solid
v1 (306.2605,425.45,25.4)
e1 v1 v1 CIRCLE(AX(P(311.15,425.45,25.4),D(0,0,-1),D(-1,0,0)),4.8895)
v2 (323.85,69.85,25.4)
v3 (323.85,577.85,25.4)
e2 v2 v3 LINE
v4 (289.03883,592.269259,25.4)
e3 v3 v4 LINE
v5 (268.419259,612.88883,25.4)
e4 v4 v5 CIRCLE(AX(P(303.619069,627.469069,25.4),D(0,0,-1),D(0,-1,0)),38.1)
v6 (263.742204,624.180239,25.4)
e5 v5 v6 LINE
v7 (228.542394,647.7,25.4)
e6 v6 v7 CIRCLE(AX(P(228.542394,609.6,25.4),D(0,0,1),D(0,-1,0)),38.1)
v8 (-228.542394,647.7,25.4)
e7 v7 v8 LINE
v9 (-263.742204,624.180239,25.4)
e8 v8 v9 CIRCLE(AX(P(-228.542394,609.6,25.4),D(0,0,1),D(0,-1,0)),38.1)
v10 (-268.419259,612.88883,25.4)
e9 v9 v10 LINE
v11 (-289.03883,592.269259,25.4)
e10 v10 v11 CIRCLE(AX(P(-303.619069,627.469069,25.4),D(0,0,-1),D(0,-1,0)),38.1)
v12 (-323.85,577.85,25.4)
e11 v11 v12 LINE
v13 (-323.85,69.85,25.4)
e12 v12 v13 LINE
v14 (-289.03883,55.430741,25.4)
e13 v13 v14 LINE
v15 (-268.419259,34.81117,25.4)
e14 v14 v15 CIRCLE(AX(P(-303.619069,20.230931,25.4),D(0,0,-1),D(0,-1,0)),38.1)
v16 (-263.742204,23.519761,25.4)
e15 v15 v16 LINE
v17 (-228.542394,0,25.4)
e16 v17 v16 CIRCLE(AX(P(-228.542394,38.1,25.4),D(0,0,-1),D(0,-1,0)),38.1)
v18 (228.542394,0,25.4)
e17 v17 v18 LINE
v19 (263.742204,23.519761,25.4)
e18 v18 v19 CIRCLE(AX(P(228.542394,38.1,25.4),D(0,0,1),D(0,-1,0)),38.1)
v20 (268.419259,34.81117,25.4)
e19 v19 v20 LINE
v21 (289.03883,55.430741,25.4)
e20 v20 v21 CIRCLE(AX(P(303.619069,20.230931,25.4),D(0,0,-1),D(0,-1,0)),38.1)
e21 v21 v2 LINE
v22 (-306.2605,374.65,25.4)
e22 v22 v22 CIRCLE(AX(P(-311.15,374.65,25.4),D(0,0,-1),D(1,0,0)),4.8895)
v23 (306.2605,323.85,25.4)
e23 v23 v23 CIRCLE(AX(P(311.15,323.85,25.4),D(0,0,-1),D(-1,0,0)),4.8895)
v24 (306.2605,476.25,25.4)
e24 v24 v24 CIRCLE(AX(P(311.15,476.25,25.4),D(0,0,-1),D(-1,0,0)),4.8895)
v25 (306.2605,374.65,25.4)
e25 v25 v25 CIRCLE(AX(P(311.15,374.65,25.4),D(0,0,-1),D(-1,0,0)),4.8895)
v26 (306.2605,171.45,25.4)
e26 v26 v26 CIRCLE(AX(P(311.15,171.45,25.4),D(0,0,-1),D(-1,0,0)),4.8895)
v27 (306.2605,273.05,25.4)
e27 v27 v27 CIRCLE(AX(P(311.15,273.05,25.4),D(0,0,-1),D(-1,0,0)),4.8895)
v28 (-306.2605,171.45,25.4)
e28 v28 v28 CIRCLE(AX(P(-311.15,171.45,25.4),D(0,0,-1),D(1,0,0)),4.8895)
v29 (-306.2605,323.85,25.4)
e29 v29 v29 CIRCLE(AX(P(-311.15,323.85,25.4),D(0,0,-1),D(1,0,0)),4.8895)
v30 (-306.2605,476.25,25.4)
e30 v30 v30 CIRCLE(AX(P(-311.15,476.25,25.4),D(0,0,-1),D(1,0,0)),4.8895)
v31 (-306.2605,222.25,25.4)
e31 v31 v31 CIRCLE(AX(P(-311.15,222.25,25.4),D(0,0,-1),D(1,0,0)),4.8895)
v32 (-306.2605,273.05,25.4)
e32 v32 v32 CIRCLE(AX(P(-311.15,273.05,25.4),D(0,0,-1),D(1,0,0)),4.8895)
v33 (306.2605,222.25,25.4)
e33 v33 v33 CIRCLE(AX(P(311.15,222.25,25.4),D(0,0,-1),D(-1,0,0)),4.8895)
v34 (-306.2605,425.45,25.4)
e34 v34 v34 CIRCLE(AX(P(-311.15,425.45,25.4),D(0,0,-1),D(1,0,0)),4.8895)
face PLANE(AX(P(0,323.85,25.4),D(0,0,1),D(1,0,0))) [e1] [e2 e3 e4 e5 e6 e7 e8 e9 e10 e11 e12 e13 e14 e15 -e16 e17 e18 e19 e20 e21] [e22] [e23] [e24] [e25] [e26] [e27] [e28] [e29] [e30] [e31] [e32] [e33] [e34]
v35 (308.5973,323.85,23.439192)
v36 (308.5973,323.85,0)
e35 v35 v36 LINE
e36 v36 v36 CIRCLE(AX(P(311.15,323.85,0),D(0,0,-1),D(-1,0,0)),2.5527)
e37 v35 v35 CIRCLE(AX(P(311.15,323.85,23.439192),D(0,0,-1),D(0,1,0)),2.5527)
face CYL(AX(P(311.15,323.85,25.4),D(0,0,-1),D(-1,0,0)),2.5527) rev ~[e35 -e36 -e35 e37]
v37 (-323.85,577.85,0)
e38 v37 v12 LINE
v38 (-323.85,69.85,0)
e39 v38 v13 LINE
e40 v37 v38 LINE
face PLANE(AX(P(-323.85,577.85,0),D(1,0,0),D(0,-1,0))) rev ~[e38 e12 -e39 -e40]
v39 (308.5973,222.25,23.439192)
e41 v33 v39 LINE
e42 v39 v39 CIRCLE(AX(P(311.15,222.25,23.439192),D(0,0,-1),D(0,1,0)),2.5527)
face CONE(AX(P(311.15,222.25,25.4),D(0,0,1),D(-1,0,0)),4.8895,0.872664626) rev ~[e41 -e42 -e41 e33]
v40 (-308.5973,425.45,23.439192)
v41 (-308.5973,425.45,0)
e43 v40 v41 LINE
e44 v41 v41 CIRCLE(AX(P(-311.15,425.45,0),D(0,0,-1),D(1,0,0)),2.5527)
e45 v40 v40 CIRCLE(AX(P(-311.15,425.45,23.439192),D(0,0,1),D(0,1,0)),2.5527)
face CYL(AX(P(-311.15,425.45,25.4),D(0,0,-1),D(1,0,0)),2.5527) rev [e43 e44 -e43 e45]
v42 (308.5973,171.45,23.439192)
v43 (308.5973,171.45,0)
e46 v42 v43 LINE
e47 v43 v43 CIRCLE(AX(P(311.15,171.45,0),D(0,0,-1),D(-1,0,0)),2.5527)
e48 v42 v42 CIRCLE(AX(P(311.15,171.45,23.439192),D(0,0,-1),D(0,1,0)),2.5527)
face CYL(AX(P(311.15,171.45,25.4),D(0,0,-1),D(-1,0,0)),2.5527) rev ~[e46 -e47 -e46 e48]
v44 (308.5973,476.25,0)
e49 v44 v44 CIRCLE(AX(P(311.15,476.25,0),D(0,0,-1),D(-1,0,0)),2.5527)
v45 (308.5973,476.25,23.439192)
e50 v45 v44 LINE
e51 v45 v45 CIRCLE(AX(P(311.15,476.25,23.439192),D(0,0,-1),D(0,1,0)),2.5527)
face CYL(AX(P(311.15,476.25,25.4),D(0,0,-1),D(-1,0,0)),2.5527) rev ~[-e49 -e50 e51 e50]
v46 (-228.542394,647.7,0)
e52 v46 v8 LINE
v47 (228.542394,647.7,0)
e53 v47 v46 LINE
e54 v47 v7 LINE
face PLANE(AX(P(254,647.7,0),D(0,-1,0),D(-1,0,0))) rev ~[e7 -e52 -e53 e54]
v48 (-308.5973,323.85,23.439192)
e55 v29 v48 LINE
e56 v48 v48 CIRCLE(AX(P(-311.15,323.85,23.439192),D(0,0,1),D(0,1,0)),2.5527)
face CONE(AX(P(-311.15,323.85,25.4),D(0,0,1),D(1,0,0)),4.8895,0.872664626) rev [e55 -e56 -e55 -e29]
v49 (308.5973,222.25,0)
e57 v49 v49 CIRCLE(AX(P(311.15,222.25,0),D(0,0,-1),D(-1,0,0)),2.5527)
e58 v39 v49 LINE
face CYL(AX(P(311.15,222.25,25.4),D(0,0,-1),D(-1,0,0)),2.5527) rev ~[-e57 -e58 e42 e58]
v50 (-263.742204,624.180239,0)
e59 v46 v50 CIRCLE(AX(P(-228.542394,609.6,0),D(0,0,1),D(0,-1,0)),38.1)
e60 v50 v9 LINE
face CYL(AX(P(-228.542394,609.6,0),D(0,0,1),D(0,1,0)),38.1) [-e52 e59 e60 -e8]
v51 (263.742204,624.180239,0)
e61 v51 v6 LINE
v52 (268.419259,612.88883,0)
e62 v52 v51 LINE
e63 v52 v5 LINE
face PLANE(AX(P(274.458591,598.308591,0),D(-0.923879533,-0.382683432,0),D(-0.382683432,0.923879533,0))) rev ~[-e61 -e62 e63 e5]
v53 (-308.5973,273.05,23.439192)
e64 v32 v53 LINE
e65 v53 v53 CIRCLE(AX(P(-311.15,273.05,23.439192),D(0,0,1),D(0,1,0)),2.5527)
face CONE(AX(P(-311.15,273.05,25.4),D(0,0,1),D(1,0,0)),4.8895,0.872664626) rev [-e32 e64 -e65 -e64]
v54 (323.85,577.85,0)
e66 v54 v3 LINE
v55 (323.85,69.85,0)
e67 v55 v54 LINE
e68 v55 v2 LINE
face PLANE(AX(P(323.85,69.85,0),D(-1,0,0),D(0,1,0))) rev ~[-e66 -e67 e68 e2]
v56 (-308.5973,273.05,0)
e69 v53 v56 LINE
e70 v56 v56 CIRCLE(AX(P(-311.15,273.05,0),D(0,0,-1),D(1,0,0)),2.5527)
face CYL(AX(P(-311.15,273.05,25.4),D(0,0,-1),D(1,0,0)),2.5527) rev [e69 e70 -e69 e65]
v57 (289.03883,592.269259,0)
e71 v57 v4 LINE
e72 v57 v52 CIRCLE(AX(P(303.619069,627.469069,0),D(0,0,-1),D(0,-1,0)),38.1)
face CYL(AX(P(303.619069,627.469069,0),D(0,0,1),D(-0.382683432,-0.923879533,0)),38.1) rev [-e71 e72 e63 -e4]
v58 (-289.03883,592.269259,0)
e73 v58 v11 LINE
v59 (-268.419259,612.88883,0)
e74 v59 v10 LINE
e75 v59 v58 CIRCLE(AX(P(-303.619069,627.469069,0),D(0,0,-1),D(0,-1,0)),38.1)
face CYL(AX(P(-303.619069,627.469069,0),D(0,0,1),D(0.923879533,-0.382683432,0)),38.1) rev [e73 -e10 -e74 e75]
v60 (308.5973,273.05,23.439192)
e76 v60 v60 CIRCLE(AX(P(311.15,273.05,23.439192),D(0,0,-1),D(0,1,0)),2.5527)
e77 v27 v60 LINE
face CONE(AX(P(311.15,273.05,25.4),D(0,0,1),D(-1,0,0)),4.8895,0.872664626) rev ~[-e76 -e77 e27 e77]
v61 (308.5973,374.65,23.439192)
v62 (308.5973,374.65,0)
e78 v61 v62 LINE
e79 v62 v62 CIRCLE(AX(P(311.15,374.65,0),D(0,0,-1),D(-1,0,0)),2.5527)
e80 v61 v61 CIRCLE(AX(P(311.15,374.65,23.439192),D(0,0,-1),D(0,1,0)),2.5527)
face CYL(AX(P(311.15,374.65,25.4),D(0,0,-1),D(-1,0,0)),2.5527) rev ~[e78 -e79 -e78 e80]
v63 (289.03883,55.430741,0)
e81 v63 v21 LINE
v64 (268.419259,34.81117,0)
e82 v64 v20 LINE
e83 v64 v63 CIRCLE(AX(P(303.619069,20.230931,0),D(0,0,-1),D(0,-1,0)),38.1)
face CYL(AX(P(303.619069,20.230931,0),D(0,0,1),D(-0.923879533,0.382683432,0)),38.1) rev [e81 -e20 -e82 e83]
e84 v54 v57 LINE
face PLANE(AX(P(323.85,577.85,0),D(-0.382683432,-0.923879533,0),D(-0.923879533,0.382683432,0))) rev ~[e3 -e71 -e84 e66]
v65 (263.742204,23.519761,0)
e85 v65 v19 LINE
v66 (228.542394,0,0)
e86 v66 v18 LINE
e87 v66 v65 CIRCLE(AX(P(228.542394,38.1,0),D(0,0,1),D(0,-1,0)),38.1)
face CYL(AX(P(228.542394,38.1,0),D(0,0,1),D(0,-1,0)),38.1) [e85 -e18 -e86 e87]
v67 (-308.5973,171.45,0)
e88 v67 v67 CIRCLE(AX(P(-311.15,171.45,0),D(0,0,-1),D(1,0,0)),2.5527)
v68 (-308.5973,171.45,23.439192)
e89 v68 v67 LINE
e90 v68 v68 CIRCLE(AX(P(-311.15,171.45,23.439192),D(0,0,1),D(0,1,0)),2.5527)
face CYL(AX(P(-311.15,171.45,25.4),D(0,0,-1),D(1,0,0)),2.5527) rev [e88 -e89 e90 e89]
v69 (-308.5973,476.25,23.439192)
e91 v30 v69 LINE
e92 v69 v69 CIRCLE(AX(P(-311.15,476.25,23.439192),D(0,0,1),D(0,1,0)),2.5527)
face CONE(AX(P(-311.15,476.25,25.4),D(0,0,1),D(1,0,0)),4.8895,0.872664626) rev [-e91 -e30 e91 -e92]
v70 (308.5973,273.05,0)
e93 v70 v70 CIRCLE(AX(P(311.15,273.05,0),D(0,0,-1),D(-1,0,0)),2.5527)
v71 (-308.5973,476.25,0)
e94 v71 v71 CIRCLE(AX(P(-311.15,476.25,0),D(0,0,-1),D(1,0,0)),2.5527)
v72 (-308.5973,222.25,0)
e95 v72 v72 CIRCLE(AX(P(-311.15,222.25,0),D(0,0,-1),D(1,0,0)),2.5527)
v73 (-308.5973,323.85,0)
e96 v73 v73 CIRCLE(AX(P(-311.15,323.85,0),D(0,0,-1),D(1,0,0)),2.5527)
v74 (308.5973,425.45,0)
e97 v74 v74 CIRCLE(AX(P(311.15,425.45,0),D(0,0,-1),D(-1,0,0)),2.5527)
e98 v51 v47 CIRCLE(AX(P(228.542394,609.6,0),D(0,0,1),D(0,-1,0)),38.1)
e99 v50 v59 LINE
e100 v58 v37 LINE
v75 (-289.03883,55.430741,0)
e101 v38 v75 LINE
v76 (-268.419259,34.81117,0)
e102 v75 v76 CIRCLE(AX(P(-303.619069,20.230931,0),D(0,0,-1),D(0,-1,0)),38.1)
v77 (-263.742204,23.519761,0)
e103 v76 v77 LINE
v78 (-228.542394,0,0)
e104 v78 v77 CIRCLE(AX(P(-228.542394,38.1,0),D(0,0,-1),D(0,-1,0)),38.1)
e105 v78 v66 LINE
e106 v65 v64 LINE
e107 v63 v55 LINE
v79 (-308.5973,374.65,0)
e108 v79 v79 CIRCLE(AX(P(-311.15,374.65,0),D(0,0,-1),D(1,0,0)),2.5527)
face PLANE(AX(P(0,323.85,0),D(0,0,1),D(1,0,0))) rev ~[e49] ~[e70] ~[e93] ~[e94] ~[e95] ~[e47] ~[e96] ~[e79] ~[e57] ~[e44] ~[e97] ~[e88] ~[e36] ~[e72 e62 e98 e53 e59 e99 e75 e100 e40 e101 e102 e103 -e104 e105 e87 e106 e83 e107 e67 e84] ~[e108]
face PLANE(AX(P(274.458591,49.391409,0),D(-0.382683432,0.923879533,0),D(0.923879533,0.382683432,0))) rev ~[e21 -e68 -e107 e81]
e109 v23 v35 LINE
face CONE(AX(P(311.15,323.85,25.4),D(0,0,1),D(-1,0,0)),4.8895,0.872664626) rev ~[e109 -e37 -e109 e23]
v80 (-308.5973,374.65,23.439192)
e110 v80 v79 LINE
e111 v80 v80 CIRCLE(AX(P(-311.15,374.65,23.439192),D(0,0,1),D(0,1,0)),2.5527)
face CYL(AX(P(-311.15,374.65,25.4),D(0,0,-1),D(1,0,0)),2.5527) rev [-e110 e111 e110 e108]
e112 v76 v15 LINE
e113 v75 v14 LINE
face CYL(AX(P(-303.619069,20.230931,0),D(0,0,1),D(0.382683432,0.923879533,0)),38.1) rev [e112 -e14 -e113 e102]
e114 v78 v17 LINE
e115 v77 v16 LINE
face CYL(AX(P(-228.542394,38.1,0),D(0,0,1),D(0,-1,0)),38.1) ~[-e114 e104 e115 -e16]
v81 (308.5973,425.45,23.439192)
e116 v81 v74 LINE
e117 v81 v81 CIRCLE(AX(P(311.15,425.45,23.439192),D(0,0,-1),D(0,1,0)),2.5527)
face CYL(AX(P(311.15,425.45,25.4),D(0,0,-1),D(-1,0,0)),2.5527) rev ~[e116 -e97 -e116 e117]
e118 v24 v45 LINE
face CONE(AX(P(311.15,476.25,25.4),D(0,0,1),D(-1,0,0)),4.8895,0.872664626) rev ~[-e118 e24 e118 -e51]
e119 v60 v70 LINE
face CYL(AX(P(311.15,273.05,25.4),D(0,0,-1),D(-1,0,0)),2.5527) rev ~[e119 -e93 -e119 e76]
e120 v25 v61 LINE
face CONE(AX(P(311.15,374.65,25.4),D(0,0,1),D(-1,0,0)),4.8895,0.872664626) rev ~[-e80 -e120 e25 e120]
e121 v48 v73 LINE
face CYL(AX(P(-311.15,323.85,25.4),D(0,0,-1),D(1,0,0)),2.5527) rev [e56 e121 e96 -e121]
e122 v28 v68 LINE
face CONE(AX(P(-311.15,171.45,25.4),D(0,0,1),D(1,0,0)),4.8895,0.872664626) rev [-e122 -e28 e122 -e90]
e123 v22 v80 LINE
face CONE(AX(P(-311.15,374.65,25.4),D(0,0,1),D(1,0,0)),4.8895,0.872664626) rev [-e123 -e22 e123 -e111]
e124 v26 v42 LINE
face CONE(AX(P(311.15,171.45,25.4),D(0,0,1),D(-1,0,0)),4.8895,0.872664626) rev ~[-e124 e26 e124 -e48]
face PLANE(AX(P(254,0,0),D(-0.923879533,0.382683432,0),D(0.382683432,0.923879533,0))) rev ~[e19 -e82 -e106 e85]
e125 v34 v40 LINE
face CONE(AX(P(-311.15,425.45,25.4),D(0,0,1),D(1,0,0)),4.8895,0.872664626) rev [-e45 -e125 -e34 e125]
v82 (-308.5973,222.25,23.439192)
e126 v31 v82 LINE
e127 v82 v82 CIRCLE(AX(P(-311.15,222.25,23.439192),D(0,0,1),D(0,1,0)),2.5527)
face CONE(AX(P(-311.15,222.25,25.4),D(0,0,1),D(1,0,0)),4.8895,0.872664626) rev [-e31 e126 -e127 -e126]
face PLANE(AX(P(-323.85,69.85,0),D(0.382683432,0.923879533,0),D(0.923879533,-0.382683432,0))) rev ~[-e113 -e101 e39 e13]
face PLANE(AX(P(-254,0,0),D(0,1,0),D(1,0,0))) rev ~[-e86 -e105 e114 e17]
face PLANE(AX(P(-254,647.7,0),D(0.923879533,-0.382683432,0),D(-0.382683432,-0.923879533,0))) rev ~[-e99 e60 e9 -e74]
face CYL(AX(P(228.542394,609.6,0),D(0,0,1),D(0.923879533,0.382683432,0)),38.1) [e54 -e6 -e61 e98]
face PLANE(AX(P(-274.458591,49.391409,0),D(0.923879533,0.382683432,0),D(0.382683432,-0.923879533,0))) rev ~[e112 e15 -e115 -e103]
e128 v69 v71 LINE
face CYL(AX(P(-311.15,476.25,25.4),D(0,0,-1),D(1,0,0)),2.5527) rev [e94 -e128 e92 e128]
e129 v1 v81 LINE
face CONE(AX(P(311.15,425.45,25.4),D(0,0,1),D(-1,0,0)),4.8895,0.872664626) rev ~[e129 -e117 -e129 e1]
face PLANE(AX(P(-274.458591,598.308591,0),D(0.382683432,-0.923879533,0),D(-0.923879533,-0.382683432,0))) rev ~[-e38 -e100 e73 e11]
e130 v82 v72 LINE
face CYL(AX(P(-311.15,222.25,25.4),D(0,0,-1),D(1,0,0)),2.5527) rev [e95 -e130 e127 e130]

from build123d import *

# Parameters (mm, degrees)
BOSS_EXTRUDE1_DEPTH                                = 25.4
FILLET1_R                                          = 38.1
CSK_FOR_10_FLAT_HEAD_MACHINE_SCREW_100_D           = 5.1054
CSK_FOR_10_FLAT_HEAD_MACHINE_SCREW_100_CSINK_D     = 9.779
CSK_FOR_10_FLAT_HEAD_MACHINE_SCREW_100_CSINK_ANGLE = 100


with BuildPart() as part:
    # Sketch1 → Boss-Extrude1 (new body)
    with BuildSketch(Plane.XY):
        Polygon((-254, 0), (254, 0), (274.458591334, 49.391408666), (323.85, 69.85), (323.85, 577.85), (274.458591334, 598.308591334), (254, 647.7), (-254, 647.7), (-274.458591334, 598.308591334), (-323.85, 577.85), (-323.85, 69.85), (-274.458591334, 49.391408666), align=None)
    extrude(amount=BOSS_EXTRUDE1_DEPTH)

    # Fillet1
    fillet1_edges = [part.edges().sort_by_distance(p)[0] for p in [
        (254, 0, 12.7),
        (-254, 0, 12.7),
        (-274.458591334, 49.391408666, 12.7),
        (-274.458591334, 598.308591334, 12.7),
        (-254, 647.7, 12.7),
        (254, 647.7, 12.7),
        (274.458591334, 598.308591334, 12.7),
        (274.458591334, 49.391408666, 12.7),
    ]]
    fillet(fillet1_edges, radius=FILLET1_R)

    # CSK for #10 Flat Head Machine Screw (100)1 (through all)
    with Locations(Plane.XY.offset(25.4)):
        with Locations((311.15, 323.85), (311.15, 374.65), (311.15, 425.45), (311.15, 273.05), (311.15, 222.25), (311.15, 171.45), (311.15, 476.25)):
            csk_for_10_flat_head_machine_screw_100 = CounterSinkHole(CSK_FOR_10_FLAT_HEAD_MACHINE_SCREW_100_D / 2, CSK_FOR_10_FLAT_HEAD_MACHINE_SCREW_100_CSINK_D / 2, counter_sink_angle=CSK_FOR_10_FLAT_HEAD_MACHINE_SCREW_100_CSINK_ANGLE)

    # Mirror1: CSK for #10 Flat Head Machine Screw (100)1 across plane
    add(csk_for_10_flat_head_machine_screw_100.mirror(Plane(origin=(0, 0, 0), x_dir=(0, 0, 1), z_dir=(1, 0, 0))), mode=Mode.SUBTRACT)


solid = part.part
